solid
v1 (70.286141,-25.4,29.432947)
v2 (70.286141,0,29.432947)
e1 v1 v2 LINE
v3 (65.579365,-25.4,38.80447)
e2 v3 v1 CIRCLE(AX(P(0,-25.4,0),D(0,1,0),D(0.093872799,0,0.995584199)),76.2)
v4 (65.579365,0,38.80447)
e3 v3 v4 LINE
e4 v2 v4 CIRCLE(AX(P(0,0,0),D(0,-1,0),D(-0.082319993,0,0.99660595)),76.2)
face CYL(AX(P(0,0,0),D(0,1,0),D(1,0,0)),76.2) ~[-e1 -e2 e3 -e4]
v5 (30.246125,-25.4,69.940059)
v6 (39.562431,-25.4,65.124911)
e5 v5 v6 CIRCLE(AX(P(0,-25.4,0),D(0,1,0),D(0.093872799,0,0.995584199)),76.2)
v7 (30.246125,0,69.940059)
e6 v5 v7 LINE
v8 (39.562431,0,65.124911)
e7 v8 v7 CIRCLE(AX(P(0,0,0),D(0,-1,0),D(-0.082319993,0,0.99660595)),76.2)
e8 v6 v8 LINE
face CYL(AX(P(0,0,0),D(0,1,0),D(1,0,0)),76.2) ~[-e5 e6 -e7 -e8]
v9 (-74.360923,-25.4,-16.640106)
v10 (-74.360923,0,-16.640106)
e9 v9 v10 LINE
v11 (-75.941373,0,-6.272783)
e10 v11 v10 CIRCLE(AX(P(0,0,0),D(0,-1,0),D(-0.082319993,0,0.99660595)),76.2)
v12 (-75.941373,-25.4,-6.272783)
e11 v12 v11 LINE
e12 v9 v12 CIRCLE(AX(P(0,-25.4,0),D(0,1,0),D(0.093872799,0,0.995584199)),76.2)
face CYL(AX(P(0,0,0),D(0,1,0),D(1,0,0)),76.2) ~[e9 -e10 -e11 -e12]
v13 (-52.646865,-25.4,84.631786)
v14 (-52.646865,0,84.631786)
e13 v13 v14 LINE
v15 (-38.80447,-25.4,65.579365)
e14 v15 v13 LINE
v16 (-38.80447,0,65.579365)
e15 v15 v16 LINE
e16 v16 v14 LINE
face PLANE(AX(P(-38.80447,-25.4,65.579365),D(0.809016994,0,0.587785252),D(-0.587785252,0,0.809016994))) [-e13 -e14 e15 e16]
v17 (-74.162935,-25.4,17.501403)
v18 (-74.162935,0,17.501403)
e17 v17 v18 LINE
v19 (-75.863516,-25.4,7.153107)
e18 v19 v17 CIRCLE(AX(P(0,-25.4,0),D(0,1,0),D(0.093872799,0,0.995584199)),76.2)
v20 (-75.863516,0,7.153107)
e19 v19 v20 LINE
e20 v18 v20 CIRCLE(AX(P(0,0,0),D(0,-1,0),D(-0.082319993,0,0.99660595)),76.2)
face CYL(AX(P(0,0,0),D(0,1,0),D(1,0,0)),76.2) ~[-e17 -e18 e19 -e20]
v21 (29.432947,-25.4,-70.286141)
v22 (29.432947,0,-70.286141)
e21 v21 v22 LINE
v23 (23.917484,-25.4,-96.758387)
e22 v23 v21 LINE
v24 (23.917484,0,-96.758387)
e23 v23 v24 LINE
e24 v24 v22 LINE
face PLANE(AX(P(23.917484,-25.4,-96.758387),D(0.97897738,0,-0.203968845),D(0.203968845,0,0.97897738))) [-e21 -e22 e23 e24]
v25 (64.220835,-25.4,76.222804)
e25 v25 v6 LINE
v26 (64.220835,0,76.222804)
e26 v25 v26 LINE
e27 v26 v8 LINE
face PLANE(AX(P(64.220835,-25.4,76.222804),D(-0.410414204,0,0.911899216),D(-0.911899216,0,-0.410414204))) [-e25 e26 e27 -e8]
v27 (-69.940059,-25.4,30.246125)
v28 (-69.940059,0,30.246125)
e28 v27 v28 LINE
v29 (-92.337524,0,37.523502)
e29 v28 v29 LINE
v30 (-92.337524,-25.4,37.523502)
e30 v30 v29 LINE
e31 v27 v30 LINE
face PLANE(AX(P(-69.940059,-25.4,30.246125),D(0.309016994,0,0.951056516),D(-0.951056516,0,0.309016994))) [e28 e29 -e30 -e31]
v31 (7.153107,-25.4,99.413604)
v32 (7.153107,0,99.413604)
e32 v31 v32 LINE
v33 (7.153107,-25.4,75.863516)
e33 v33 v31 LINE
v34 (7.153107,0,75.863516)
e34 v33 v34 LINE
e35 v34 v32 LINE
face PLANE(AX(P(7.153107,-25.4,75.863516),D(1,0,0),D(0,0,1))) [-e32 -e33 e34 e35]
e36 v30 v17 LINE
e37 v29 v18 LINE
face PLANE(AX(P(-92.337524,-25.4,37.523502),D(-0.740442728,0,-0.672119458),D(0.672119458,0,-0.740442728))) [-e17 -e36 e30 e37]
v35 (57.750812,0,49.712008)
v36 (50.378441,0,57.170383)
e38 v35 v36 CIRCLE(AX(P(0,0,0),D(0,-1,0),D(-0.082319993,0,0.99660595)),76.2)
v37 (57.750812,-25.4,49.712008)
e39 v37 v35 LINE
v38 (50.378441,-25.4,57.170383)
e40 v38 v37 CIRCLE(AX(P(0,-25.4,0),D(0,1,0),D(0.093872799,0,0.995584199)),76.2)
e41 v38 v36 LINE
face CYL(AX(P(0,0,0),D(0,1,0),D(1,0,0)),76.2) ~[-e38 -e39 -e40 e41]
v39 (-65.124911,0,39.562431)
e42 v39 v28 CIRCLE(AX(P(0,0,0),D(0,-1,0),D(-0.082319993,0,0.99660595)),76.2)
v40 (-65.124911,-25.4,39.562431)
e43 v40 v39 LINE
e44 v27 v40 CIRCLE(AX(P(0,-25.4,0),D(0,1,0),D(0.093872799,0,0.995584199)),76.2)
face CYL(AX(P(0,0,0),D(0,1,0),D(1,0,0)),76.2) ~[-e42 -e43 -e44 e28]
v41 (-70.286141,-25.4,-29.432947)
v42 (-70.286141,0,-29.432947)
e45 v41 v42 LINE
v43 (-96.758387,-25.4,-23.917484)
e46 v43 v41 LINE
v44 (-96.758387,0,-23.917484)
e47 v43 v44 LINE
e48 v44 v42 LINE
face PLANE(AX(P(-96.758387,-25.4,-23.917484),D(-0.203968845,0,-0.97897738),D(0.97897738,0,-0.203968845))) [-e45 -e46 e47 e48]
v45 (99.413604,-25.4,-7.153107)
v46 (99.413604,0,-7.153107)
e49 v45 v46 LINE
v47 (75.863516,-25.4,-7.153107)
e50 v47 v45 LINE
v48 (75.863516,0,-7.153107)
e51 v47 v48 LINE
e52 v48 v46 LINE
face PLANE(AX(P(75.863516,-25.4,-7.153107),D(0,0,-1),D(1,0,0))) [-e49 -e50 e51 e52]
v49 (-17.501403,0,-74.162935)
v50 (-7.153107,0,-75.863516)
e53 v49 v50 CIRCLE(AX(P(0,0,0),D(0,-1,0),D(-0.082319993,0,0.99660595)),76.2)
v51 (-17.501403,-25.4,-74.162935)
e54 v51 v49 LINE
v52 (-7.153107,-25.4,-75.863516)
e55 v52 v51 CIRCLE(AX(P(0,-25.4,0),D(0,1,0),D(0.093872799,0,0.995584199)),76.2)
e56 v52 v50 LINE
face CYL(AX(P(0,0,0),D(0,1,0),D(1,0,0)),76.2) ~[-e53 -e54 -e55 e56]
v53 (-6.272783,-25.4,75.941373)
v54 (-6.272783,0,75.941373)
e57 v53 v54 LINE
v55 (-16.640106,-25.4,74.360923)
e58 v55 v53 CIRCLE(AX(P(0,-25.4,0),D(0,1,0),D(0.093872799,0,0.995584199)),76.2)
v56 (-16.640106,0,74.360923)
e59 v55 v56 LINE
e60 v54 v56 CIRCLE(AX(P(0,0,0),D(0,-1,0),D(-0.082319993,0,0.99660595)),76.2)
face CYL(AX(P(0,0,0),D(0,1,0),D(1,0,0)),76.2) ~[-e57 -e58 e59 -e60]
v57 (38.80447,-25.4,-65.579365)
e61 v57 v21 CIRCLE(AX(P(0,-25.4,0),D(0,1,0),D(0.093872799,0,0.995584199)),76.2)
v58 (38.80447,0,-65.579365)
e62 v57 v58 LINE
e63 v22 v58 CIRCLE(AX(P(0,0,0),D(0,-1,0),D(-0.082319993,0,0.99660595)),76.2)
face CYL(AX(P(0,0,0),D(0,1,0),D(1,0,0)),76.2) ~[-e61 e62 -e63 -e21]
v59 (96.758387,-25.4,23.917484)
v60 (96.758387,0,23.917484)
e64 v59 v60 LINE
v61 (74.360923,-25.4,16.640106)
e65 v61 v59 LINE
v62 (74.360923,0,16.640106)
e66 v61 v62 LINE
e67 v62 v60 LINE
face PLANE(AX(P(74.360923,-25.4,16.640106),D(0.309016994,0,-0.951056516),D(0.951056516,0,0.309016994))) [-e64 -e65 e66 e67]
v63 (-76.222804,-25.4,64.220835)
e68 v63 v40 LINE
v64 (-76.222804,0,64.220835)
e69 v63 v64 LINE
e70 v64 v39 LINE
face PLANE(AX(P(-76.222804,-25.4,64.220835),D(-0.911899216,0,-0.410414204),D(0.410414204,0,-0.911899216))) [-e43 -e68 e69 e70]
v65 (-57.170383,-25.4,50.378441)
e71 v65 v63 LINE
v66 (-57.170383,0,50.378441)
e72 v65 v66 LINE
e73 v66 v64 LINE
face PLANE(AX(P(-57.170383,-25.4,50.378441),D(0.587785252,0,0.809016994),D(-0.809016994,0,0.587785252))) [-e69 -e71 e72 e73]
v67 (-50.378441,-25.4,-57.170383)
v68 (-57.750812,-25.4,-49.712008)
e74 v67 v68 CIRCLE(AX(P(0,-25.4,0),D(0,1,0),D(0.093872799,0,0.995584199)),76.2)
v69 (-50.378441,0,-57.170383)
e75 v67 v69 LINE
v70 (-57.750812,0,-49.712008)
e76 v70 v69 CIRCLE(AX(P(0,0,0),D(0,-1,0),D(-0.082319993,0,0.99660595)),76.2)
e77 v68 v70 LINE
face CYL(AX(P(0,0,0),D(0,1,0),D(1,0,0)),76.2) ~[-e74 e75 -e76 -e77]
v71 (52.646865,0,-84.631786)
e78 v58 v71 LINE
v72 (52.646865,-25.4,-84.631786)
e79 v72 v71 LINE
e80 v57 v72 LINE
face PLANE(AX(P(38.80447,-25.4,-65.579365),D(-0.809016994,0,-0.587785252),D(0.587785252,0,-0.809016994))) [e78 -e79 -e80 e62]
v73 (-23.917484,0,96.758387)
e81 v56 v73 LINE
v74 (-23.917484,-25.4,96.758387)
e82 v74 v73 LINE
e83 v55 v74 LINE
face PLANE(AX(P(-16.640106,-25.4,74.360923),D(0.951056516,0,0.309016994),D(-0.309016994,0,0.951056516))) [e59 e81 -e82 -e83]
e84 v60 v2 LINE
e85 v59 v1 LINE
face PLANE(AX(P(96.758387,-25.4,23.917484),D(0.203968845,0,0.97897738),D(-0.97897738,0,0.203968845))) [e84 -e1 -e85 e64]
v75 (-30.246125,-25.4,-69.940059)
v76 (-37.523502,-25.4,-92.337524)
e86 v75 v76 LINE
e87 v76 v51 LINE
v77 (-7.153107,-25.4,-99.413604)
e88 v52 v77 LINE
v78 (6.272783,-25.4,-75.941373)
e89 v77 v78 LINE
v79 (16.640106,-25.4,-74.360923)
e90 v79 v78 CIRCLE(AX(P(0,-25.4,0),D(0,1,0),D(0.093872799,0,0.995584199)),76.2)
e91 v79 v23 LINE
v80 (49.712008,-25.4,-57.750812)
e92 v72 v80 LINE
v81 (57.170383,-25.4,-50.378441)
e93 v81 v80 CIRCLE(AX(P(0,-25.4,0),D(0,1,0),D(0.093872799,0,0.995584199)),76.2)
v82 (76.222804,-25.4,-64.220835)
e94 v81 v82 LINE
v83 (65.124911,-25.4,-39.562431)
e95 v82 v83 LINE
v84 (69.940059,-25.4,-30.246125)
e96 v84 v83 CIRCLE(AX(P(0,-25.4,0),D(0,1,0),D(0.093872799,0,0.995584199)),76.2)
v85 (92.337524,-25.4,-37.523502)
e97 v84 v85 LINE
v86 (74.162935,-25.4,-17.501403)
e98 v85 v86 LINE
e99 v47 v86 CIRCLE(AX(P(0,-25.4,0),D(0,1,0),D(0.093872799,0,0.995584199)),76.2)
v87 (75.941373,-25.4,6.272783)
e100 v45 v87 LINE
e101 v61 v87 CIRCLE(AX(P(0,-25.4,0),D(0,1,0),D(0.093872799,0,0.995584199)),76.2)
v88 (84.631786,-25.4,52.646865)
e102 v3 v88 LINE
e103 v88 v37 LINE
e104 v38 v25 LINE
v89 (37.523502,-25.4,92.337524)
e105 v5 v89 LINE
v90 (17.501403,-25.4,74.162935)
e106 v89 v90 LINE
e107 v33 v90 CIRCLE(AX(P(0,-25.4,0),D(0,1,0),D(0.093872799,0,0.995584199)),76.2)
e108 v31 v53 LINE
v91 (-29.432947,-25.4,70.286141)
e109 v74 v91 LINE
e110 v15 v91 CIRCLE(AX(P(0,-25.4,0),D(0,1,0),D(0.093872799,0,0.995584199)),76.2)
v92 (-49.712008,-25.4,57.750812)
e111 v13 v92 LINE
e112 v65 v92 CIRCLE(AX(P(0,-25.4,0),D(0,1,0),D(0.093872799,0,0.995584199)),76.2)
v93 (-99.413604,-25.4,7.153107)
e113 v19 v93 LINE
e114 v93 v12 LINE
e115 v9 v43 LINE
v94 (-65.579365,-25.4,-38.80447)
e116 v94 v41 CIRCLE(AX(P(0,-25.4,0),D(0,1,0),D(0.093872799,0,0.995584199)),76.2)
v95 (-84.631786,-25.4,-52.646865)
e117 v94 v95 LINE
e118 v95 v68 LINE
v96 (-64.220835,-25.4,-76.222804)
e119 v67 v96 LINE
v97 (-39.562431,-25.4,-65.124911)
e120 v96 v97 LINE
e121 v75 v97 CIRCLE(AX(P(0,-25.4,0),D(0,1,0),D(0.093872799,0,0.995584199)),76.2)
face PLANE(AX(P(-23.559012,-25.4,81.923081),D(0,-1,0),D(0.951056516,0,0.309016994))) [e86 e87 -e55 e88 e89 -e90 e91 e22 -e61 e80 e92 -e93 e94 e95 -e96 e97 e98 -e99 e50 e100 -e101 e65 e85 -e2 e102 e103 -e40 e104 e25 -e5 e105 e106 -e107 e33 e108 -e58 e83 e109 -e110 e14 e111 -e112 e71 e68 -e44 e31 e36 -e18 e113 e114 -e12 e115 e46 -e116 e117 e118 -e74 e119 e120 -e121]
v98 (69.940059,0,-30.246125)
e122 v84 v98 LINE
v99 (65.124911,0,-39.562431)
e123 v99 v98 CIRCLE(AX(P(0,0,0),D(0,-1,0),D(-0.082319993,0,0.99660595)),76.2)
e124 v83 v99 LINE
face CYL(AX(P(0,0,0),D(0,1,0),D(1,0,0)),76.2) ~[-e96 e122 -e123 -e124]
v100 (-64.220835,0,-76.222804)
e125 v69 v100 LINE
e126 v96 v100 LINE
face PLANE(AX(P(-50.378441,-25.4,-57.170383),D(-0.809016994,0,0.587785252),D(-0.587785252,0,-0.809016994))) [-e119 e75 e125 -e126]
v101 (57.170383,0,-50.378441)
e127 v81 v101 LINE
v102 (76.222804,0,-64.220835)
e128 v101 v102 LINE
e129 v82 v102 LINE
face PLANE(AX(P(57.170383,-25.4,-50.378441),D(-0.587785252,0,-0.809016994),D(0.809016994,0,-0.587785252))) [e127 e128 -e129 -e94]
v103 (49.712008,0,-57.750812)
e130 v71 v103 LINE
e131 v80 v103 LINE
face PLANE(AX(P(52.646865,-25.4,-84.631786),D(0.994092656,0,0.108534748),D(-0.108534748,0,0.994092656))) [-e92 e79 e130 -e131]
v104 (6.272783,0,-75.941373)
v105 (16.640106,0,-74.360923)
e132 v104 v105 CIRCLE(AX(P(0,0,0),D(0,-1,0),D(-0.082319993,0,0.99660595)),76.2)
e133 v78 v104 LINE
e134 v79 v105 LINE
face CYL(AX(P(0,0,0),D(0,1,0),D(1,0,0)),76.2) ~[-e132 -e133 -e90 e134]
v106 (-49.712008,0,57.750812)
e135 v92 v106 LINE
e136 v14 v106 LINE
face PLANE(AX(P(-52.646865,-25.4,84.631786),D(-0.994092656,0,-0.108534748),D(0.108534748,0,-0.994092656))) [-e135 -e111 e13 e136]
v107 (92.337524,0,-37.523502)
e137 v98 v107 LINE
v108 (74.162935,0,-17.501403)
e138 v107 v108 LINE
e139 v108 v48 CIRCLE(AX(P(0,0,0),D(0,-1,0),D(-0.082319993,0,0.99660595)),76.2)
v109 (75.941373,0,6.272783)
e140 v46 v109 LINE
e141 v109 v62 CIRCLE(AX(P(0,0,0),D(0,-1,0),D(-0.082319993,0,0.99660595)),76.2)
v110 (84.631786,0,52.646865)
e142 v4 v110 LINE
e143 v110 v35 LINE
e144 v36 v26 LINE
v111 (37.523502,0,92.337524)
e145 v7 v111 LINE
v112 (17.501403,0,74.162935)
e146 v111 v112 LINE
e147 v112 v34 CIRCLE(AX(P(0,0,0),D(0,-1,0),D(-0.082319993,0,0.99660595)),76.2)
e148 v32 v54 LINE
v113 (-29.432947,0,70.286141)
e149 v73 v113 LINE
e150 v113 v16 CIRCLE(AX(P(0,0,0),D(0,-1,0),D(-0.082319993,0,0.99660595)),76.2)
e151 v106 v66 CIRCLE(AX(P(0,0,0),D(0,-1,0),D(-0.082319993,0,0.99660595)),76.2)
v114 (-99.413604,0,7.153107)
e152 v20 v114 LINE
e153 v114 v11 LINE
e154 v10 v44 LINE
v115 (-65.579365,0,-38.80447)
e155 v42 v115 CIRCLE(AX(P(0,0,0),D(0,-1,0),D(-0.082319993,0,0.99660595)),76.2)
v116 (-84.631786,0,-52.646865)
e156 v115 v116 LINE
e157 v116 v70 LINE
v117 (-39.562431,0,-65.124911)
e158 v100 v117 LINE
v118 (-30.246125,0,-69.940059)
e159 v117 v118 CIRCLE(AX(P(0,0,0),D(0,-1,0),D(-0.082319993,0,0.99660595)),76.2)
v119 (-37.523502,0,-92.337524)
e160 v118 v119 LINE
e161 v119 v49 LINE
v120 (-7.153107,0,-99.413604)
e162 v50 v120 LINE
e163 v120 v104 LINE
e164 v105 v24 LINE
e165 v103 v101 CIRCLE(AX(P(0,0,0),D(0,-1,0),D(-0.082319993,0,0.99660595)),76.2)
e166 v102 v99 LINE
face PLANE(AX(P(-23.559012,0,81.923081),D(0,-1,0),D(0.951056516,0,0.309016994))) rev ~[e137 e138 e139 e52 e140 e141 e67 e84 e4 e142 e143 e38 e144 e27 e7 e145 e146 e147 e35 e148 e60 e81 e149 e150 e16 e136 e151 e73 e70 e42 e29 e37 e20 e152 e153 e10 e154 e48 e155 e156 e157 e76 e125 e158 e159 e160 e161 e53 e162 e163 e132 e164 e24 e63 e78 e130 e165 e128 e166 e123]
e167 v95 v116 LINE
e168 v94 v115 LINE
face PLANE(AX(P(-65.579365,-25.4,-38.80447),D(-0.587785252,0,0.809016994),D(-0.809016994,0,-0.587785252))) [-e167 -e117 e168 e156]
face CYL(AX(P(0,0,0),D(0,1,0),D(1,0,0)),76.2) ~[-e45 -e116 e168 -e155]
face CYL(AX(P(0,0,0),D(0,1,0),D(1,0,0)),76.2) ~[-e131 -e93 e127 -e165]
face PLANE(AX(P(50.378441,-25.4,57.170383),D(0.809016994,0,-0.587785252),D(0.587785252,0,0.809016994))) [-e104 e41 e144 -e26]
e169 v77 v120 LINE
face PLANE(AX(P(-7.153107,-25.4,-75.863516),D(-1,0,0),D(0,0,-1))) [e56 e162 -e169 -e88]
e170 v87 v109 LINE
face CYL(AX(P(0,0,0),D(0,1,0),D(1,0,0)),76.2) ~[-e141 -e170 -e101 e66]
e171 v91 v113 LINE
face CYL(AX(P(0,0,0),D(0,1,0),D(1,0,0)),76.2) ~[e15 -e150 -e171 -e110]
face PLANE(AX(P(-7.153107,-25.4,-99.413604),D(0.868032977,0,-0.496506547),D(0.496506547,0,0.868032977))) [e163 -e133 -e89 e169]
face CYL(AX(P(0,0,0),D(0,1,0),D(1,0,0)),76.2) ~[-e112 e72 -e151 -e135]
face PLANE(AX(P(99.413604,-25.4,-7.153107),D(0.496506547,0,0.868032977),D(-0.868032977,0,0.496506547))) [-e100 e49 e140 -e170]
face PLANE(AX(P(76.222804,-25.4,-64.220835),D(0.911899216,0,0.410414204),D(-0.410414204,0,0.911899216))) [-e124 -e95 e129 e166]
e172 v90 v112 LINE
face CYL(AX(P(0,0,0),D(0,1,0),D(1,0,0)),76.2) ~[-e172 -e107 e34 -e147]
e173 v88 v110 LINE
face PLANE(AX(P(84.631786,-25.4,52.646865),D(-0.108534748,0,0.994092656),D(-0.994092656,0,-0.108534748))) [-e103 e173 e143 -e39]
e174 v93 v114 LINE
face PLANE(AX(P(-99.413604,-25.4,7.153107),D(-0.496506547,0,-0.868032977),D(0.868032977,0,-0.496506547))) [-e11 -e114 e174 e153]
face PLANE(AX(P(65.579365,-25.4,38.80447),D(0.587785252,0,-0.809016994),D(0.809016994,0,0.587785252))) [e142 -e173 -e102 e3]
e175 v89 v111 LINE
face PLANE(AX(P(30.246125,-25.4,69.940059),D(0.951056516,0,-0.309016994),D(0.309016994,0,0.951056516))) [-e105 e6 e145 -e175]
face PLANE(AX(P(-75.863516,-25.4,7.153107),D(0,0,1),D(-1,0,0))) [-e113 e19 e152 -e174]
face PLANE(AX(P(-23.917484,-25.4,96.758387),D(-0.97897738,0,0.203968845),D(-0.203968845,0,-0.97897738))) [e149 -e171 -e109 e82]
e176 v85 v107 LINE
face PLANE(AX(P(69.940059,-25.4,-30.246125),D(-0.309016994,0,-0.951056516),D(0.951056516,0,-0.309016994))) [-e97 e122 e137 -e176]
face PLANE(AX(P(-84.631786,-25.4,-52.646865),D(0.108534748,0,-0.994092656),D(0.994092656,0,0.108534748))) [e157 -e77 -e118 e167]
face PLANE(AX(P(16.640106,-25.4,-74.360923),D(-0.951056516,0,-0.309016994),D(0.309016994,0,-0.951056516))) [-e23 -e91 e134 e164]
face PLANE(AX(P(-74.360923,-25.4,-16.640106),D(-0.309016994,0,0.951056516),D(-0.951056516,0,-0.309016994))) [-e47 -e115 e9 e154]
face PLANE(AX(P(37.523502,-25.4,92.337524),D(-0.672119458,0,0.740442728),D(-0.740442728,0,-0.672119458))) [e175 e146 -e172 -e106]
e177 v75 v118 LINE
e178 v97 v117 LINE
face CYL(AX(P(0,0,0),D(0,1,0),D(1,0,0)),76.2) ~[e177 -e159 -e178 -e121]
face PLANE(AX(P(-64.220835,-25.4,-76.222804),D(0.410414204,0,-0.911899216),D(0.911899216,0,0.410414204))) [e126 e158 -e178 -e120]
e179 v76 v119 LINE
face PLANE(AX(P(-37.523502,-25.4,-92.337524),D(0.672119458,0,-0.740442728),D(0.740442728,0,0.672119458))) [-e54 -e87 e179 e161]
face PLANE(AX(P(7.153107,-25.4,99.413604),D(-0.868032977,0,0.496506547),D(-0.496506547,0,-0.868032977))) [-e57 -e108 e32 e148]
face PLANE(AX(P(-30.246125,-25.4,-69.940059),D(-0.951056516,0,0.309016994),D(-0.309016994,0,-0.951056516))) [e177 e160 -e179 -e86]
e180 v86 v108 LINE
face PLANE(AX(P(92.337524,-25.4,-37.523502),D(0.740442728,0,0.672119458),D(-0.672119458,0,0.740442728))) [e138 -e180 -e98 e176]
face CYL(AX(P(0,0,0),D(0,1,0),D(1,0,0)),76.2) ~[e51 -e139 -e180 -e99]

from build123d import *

# Parameters (mm, degrees)
F0_R     = 76.2
F1_DEPTH = 25.4
F3_DEPTH = 25.4
F4_COUNT = 20


with BuildPart() as f1:
    # F0 (on Front) → F1 (new body)
    with BuildSketch(Plane.XZ):
        Circle(F0_R)
    extrude(amount=F1_DEPTH)

    # F2 (on face) → F3 (join, through all)
    with BuildSketch(Plane.XZ.offset(25.4)):
        Polygon((7.153107319, 99.4136035442), (-6.2727834728, 75.941373358), (7.153107319, 75.8635159723), align=None)
    extrude(amount=-F3_DEPTH)

    # F4: F1 ×20 about axis
    f4_axis = Axis((0, 0, 0), (0, 1, 0))


with BuildPart() as f1_1:
    add(f1.part)
    for i in range(1, F4_COUNT):
        add(f1.part.rotate(f4_axis, i * 360 / F4_COUNT))


solid = f1_1.part
